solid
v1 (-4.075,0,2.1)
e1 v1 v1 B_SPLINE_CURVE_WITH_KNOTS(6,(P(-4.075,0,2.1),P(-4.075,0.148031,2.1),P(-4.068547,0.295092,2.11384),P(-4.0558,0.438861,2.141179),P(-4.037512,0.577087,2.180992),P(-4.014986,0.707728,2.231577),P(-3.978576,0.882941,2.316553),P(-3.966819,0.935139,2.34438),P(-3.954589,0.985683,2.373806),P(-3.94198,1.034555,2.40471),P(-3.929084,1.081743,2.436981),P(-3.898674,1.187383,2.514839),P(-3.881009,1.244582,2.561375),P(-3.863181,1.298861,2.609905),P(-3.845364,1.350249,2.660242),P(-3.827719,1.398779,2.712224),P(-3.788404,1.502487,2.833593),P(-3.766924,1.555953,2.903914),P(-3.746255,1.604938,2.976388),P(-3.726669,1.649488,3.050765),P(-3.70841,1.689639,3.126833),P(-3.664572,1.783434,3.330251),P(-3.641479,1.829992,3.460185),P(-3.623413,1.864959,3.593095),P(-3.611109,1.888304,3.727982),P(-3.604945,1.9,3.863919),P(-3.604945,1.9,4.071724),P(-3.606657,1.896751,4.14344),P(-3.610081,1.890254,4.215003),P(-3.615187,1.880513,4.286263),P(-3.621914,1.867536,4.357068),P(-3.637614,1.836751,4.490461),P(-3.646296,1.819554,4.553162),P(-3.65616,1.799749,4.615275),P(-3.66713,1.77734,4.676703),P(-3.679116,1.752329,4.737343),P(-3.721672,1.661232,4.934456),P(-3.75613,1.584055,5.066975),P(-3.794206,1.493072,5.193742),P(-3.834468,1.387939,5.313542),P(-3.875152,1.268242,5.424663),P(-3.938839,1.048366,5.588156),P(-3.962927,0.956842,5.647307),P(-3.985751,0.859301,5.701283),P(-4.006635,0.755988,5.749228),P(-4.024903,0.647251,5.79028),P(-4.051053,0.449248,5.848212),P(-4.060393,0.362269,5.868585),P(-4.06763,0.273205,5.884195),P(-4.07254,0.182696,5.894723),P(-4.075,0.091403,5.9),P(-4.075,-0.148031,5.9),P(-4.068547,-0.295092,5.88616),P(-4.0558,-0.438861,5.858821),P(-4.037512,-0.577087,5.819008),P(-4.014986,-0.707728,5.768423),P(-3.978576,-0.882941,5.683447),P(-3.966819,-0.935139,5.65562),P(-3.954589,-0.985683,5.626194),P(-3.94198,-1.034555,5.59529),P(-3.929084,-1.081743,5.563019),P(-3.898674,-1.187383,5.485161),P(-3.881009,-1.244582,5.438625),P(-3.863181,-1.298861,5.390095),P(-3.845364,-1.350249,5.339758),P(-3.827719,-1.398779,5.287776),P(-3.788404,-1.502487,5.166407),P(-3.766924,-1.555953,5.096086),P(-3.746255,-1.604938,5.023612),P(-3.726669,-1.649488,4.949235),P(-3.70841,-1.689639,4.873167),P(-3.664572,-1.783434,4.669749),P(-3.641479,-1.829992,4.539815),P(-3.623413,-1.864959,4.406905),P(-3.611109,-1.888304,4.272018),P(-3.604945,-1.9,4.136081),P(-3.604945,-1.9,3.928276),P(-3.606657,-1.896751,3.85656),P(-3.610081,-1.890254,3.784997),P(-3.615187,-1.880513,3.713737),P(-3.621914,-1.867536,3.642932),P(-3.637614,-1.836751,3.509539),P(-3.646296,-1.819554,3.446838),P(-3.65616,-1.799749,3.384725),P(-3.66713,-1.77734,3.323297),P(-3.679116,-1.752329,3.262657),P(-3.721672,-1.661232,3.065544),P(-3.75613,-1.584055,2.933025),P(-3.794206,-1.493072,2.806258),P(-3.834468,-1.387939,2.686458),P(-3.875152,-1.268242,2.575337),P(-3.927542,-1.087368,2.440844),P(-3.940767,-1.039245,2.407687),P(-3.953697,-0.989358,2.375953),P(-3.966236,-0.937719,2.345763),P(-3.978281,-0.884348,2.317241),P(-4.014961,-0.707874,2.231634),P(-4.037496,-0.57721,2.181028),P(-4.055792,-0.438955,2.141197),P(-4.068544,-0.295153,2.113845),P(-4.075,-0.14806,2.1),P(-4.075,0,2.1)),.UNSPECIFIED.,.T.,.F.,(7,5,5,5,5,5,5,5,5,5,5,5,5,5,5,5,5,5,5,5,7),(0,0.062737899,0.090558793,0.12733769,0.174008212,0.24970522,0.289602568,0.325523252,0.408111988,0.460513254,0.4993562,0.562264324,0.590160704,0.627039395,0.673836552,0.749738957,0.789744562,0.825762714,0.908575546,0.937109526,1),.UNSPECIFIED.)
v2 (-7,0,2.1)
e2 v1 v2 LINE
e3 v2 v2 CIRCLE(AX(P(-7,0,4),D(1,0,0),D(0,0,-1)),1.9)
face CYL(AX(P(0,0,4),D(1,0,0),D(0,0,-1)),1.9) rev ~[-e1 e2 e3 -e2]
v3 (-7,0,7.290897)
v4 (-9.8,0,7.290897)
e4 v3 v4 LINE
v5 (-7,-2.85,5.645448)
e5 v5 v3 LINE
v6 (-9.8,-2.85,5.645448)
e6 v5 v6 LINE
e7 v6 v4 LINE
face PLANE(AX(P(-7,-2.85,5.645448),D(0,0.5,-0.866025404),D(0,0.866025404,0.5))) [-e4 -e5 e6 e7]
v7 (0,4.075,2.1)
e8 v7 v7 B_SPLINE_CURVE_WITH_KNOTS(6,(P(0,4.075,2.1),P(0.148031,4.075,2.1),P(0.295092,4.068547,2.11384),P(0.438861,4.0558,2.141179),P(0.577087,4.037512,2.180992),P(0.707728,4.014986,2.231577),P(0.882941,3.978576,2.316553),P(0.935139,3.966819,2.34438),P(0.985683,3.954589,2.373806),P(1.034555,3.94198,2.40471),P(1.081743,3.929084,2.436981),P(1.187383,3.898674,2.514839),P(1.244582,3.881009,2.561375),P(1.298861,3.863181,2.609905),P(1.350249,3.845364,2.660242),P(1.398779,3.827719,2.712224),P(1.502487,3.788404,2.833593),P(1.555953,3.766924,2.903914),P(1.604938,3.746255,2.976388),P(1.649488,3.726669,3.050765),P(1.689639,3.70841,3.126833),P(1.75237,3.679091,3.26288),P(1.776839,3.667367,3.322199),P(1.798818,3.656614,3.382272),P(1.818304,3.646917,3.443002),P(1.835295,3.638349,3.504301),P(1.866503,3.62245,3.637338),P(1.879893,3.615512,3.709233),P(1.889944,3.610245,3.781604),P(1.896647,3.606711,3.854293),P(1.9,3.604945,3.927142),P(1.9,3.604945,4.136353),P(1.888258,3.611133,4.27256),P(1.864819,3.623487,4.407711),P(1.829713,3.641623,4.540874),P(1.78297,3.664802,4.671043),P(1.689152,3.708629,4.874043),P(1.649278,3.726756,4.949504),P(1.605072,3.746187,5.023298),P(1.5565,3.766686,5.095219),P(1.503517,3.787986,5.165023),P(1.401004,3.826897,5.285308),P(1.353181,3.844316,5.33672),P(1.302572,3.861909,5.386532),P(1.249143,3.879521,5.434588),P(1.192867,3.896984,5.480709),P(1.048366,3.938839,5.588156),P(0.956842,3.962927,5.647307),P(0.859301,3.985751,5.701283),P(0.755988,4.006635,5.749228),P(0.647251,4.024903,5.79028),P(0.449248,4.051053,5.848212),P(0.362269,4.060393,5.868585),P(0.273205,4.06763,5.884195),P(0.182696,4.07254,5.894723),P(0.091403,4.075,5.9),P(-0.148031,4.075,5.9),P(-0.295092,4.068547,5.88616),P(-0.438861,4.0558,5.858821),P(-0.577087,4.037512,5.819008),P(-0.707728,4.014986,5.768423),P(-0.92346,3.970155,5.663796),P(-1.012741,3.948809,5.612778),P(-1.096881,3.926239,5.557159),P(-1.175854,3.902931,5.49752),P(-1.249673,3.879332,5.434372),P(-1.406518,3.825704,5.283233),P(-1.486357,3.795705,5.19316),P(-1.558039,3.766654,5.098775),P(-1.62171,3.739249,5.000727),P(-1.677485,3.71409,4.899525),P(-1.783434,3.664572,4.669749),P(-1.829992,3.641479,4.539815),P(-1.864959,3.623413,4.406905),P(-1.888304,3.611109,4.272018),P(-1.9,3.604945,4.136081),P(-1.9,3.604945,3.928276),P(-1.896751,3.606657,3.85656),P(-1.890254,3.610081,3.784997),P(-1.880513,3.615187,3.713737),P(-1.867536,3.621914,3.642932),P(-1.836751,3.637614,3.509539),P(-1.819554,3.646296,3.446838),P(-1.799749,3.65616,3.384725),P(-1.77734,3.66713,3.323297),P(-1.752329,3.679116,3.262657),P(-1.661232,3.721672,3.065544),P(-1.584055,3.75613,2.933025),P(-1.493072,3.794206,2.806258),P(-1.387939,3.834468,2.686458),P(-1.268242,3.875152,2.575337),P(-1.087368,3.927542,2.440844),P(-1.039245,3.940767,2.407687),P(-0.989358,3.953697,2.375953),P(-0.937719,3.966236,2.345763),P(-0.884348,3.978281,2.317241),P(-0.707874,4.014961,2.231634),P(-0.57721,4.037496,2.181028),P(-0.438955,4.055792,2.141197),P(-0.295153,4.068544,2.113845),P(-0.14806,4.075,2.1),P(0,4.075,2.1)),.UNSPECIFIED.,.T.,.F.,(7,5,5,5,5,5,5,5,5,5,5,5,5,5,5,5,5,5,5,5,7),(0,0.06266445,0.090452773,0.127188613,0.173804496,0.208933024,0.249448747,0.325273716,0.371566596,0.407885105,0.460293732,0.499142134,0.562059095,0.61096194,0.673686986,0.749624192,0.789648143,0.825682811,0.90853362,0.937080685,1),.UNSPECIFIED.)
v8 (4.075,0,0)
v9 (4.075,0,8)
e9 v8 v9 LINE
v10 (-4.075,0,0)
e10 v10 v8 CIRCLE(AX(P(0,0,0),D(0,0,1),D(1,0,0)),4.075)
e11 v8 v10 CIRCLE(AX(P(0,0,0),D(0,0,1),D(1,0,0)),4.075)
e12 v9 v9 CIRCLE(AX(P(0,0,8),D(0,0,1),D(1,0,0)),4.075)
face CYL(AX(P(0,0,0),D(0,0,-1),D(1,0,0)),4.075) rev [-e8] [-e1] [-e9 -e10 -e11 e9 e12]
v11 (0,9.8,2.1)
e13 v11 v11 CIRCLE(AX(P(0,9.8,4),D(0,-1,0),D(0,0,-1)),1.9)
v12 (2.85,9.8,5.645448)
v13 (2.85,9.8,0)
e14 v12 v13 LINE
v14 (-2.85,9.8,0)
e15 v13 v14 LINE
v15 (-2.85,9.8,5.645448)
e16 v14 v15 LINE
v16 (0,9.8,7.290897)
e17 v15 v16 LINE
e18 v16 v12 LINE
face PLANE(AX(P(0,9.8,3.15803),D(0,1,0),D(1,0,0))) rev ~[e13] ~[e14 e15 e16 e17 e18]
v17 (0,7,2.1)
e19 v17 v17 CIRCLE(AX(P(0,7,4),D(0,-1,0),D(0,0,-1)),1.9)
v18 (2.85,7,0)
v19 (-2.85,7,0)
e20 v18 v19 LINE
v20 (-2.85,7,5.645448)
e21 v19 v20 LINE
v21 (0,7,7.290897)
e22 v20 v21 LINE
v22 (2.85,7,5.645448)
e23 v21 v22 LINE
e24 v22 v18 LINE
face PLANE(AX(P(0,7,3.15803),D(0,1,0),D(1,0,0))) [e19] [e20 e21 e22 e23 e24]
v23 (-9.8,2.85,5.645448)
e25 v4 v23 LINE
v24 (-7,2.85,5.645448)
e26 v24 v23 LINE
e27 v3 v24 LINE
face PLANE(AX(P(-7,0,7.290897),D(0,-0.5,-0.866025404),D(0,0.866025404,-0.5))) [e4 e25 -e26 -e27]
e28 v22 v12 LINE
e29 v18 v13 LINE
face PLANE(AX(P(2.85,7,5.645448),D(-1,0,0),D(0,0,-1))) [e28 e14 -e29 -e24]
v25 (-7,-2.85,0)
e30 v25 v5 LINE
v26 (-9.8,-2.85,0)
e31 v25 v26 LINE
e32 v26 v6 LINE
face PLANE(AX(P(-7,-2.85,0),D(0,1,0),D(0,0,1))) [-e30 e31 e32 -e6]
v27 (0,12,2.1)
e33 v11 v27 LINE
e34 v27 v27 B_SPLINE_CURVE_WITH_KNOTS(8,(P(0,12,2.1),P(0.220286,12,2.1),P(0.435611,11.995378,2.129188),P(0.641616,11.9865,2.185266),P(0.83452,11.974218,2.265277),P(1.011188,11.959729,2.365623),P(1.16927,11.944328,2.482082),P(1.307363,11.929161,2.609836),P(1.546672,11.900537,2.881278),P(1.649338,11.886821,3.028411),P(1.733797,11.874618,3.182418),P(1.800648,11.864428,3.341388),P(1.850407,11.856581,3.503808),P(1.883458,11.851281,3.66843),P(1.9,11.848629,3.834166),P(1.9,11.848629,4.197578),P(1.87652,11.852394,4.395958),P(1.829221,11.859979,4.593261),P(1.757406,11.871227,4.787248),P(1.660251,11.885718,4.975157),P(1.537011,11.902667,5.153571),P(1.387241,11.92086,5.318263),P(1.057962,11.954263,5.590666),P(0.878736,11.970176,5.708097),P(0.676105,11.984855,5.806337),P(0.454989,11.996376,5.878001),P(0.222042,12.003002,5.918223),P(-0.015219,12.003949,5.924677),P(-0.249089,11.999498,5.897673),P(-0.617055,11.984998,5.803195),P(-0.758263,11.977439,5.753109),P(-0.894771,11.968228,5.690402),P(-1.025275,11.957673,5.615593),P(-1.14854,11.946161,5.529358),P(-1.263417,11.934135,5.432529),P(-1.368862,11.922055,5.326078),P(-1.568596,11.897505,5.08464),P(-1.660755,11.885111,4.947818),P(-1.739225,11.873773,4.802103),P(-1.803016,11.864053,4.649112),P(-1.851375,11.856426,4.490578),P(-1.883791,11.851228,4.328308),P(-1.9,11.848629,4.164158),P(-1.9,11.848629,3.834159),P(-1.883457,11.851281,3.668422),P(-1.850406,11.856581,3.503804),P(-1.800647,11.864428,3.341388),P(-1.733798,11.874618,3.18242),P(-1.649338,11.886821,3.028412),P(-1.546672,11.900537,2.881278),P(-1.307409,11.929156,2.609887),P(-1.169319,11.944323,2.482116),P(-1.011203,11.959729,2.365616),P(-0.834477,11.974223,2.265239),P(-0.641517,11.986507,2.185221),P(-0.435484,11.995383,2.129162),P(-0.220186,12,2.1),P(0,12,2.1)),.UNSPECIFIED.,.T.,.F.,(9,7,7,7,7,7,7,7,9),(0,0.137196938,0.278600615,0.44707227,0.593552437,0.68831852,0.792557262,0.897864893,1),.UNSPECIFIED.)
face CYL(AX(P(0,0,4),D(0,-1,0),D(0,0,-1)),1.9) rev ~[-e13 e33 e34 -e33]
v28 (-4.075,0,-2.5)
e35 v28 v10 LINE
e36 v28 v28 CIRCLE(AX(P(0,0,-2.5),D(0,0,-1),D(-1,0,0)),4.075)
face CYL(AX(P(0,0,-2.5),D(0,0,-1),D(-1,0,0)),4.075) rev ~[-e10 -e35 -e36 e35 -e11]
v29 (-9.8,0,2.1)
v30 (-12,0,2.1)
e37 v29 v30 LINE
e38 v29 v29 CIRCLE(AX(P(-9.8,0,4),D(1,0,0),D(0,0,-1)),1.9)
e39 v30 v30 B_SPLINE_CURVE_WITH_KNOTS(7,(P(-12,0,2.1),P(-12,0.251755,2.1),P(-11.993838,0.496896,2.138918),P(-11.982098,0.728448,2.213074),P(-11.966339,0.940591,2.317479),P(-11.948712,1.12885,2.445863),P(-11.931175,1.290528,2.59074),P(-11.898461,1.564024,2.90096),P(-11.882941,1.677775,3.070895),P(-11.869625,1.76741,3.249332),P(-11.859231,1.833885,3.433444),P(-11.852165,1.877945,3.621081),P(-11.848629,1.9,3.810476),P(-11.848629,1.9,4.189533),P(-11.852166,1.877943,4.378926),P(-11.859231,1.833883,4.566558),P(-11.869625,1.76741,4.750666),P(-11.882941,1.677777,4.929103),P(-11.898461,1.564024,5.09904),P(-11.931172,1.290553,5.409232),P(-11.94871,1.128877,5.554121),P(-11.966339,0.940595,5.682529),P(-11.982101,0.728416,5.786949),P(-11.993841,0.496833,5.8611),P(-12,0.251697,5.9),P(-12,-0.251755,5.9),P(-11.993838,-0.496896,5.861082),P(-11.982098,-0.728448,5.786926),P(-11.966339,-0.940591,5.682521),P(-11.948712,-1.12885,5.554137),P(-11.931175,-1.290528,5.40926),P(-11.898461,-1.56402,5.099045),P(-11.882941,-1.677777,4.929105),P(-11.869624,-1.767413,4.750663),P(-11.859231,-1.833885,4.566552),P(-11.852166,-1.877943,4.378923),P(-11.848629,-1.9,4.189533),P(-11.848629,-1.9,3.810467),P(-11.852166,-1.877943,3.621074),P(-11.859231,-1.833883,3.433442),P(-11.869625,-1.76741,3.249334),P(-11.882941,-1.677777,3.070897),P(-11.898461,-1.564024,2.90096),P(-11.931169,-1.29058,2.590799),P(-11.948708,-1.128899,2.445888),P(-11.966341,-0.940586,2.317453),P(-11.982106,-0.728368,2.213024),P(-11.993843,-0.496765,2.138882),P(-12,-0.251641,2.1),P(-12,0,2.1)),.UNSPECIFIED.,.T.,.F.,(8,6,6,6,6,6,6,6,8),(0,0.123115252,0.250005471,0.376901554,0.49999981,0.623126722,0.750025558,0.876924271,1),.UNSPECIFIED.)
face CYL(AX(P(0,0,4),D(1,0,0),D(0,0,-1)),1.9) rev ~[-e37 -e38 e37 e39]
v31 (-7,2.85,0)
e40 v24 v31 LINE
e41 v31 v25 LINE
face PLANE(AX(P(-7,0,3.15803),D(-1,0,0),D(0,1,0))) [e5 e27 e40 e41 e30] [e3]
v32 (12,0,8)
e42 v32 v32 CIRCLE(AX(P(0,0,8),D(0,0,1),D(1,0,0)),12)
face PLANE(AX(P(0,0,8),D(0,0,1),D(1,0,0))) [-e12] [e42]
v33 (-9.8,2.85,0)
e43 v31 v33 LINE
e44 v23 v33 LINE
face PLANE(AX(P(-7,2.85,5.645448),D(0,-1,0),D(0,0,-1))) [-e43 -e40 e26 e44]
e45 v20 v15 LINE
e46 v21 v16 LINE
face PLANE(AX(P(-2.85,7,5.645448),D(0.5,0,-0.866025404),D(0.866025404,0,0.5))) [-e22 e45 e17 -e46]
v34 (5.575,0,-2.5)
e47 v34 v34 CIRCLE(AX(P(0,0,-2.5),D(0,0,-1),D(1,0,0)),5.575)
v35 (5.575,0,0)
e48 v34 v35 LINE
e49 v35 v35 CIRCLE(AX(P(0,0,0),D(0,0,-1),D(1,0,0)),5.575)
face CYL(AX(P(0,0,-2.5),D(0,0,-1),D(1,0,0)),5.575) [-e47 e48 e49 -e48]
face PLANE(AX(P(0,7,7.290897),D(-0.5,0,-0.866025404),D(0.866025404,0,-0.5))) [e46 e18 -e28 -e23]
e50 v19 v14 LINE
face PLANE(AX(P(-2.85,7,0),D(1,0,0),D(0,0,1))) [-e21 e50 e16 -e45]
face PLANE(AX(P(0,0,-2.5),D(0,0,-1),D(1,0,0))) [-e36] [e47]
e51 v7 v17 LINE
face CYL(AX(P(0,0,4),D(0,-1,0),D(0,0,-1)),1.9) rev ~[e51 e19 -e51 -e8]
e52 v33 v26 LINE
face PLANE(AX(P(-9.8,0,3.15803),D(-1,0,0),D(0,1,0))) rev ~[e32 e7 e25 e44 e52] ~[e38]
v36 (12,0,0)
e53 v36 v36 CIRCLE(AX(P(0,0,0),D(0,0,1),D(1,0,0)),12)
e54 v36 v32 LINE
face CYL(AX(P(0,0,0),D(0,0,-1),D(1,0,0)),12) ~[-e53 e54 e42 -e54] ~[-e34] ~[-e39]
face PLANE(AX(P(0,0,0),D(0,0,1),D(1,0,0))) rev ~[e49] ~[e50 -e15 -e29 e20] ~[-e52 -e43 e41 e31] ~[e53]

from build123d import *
from build123d.topology import SkipClean

# Parameters (mm, degrees)
SKETCH2_R           = 12
SKETCH2_R_2         = 4.075
BOSS_EXTRUDE2_DEPTH = 8
SKETCH5_R           = 1.9
CUT_EXTRUDE8_DEPTH  = 19.761663039
CUT_EXTRUDE7_DEPTH  = 2.8
CIRPATTERN1_COUNT   = 2
CIRPATTERN1_ANGLE   = 90
BOSS_EXTRUDE3_START = 2.5
SKETCH17_R          = 5.575
SKETCH17_R_2        = 4.075
BOSS_EXTRUDE3_DEPTH = 2.5


with BuildPart() as part:
    # Sketch2 → Boss-Extrude2 (new body)
    with BuildSketch(Plane.XY):
        Circle(SKETCH2_R)
        Circle(SKETCH2_R_2, mode=Mode.SUBTRACT)
    extrude(amount=BOSS_EXTRUDE2_DEPTH)

    # Sketch5 → Cut-Extrude8 (cut, through all)
    with BuildSketch(Plane(origin=(0, 0, 0), x_dir=(0, 0, -1), z_dir=(0, -1, 0))):
        with Locations((-4, 0)):
            Circle(SKETCH5_R)
    cut_extrude8 = extrude(amount=-CUT_EXTRUDE8_DEPTH, mode=Mode.SUBTRACT)

    # Sketch16 → Cut-Extrude7 (cut)
    with BuildSketch(Plane(origin=(0, 7, 0), x_dir=(1, 0, 0), z_dir=(0, 1, 0))):
        Polygon((0, -7.290896534), (2.85, -5.645448267), (2.85, -2.354551733), (2.85, 0), (-2.85, 0), (-2.85, -2.354551733), (-2.85, -5.645448267), align=None)
    cut_extrude7 = extrude(amount=CUT_EXTRUDE7_DEPTH, mode=Mode.SUBTRACT)

    # CirPattern1: Cut-Extrude8, Cut-Extrude7 ×2 about axis
    cirpattern1_axis = Axis((0, 0, 0), (0, 0, 1))
    add([cut_extrude8.rotate(cirpattern1_axis, i * CIRPATTERN1_ANGLE / (CIRPATTERN1_COUNT - 1)) for i in range(1, CIRPATTERN1_COUNT)], mode=Mode.SUBTRACT)
    add([cut_extrude7.rotate(cirpattern1_axis, i * CIRPATTERN1_ANGLE / (CIRPATTERN1_COUNT - 1)) for i in range(1, CIRPATTERN1_COUNT)], mode=Mode.SUBTRACT)

    # Sketch17 → Boss-Extrude3 (add)
    with SkipClean():  # the faces are left unmerged after this step: merging them gives an invalid solid
        with BuildSketch(Plane(origin=(0, 0, 0), x_dir=(-1, 0, 0), z_dir=(0, 0, -1)).offset(BOSS_EXTRUDE3_START)):
            with Locations(Location((0, 0, 0), (0, 0, 180))):
                Circle(SKETCH17_R)
            Circle(SKETCH17_R_2, mode=Mode.SUBTRACT)
        extrude(amount=-BOSS_EXTRUDE3_DEPTH)


solid = part.part
